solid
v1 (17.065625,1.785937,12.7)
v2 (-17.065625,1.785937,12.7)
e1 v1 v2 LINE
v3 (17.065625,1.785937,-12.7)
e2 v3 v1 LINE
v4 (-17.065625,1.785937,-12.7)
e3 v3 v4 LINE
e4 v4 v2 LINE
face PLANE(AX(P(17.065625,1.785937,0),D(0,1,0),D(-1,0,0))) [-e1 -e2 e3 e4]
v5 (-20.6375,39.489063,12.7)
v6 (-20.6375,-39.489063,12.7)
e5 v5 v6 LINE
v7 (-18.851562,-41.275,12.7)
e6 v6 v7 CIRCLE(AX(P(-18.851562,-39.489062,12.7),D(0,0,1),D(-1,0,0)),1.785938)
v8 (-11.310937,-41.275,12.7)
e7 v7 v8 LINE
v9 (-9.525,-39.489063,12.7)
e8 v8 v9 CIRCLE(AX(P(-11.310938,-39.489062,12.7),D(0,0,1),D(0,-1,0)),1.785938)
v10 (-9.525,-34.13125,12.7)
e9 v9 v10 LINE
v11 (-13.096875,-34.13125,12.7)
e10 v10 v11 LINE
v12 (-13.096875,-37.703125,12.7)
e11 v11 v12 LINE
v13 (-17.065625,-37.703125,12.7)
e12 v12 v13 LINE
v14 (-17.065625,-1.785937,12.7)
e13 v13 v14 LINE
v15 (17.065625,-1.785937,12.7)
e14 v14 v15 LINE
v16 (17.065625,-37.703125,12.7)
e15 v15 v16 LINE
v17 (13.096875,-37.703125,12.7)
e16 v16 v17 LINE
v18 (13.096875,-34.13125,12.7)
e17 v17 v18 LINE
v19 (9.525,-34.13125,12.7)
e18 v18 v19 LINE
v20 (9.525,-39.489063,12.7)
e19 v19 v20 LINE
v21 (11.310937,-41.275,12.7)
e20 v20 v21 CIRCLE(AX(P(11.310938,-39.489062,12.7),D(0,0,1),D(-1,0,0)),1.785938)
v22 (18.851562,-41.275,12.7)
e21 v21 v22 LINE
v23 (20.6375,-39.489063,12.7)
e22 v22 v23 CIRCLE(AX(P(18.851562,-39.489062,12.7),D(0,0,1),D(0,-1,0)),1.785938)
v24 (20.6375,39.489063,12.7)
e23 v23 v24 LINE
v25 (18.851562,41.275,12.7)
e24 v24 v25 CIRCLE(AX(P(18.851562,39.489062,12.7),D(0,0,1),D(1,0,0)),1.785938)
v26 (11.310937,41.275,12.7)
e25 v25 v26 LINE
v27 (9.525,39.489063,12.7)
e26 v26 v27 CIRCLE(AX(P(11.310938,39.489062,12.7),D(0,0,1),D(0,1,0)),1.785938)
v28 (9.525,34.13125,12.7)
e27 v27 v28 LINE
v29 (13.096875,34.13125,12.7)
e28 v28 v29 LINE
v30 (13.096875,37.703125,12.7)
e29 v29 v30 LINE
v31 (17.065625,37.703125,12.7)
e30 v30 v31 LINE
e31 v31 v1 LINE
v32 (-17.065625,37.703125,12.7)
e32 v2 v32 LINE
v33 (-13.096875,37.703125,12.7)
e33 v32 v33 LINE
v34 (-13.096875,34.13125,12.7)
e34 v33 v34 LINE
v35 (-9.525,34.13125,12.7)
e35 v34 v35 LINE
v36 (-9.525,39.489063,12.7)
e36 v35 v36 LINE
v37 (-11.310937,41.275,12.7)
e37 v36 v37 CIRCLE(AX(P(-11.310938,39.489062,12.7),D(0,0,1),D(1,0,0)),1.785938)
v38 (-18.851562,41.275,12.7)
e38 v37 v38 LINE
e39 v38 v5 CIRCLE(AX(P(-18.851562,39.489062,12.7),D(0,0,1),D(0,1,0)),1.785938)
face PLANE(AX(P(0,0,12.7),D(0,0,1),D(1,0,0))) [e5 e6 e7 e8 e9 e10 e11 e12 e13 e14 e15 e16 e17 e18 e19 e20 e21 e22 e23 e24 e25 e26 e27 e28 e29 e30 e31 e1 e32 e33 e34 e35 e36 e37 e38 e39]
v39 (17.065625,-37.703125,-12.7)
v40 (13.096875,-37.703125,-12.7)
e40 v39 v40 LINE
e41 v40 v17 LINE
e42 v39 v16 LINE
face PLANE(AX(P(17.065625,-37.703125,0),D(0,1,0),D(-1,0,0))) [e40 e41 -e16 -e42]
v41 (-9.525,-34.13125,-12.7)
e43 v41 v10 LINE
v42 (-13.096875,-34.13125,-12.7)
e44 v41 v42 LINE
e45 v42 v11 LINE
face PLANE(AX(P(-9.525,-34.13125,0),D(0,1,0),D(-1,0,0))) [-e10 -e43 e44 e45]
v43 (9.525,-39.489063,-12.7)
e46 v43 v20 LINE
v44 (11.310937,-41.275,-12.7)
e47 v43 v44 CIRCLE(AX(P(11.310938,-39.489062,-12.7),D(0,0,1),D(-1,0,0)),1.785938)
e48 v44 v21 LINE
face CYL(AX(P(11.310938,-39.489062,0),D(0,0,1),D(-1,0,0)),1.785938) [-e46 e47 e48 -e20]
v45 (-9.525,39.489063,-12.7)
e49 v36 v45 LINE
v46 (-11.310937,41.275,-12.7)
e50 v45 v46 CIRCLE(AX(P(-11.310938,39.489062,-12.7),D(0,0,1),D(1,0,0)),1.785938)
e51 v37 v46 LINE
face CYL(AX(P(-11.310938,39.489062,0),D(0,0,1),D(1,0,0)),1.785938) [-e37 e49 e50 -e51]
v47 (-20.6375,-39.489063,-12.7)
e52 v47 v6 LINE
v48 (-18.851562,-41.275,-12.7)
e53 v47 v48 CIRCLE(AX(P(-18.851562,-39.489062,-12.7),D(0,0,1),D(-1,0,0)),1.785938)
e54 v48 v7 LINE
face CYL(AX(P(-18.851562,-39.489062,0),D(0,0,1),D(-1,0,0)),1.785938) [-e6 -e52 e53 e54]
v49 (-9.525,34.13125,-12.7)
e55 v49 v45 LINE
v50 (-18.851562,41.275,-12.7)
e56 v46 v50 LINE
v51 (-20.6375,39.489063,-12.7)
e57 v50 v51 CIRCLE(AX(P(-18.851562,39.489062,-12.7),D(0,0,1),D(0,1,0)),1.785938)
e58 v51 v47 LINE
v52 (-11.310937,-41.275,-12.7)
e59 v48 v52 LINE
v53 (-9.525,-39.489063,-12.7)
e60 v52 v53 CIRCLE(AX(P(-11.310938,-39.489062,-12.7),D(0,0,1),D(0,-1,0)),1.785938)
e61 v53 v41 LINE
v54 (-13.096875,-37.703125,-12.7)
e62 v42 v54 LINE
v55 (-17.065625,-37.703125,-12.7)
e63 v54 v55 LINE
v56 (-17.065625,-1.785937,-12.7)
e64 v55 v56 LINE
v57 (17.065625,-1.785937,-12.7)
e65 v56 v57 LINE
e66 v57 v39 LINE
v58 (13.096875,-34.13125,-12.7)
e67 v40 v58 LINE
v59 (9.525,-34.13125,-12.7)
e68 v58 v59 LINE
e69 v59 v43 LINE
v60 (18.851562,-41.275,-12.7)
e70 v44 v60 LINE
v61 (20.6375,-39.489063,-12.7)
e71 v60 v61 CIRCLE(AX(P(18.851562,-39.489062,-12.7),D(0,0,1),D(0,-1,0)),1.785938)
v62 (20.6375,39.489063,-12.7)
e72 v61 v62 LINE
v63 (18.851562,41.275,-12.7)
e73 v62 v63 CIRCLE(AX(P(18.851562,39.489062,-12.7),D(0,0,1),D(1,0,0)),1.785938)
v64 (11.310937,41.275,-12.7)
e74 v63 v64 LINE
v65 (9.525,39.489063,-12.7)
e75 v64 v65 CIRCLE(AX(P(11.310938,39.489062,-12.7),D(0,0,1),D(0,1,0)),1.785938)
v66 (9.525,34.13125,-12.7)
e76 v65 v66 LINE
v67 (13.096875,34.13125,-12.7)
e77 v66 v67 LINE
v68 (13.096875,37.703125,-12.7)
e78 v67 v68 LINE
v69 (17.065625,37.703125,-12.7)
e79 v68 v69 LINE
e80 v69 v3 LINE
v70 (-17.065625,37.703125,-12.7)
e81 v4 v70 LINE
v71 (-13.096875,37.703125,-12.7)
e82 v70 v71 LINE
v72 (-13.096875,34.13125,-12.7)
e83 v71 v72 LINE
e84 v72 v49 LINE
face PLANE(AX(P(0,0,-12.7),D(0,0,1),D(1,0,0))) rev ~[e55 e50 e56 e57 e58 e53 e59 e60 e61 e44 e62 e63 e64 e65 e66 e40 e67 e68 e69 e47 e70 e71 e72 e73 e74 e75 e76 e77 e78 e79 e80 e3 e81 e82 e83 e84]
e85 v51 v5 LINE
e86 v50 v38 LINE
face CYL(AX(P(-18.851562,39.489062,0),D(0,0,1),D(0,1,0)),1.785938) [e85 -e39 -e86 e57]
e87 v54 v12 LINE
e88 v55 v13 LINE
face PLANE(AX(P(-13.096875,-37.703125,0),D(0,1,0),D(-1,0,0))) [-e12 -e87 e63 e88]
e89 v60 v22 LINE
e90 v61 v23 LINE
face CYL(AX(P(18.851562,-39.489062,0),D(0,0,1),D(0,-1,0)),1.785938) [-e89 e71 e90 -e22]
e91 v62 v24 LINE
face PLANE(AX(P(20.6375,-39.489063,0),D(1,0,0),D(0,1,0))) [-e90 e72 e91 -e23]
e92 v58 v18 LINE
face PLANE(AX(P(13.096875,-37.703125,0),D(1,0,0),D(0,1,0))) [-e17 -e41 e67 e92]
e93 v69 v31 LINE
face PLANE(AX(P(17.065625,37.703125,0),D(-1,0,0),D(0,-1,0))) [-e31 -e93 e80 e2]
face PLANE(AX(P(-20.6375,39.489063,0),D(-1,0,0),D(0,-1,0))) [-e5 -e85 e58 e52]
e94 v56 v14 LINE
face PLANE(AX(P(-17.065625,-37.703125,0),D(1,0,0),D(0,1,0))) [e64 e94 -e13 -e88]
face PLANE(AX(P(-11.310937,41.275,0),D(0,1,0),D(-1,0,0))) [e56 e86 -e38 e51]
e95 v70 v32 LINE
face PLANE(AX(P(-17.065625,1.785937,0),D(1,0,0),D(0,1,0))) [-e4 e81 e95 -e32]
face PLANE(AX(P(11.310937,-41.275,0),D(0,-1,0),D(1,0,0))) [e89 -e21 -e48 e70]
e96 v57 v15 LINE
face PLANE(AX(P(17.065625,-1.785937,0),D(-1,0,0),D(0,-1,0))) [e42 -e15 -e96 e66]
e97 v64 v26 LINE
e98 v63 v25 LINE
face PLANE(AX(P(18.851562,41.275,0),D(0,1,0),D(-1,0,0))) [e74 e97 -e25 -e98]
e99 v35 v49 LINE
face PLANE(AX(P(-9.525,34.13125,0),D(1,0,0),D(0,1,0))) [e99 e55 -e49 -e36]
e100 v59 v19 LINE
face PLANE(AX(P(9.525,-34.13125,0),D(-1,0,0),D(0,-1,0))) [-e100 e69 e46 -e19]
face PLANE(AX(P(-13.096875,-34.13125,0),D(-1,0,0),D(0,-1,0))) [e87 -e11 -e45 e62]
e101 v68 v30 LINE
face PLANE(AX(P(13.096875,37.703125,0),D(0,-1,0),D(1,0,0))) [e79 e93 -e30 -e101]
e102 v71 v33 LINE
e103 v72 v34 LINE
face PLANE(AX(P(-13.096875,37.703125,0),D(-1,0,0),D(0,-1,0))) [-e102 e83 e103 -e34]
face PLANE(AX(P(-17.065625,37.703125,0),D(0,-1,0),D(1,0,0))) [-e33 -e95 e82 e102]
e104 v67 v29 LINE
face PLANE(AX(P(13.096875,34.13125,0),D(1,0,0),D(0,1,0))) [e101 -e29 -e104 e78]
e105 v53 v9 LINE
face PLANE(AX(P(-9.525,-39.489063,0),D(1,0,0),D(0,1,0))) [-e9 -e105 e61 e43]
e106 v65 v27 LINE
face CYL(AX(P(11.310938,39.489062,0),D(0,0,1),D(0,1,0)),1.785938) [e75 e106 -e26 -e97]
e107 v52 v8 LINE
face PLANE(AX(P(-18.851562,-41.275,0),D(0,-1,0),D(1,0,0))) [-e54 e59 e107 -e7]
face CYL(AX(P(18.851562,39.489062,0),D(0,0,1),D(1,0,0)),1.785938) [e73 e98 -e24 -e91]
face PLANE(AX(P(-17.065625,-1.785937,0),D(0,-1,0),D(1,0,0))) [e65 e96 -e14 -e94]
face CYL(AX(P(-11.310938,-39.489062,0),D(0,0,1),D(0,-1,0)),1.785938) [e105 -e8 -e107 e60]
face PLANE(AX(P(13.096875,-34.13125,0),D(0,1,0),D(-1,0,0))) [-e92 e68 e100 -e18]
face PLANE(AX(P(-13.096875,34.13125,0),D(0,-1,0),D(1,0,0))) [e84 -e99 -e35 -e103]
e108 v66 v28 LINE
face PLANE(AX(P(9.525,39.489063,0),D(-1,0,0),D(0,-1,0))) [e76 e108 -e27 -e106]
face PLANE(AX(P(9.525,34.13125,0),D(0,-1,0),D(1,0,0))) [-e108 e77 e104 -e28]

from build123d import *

# Parameters (mm, degrees)
BASE_EXTRUDE_DEPTH = 12.7


with BuildPart() as part:
    # Sketch1 → Base-Extrude (new, symmetric)
    with BuildSketch(Plane.XY):
        with BuildLine():
            Line((-11.3109375, 41.275), (-18.8515625, 41.275))
            ThreePointArc((-18.8515625, 41.275), (-20.114411017, 40.751911017), (-20.6375, 39.4890625))
            Line((-20.6375, 39.4890625), (-20.6375, -39.4890625))
            ThreePointArc((-20.6375, -39.4890625), (-20.114411017, -40.751911017), (-18.8515625, -41.275))
            Line((-18.8515625, -41.275), (-11.3109375, -41.275))
            ThreePointArc((-11.3109375, -41.275), (-10.048088983, -40.751911017), (-9.525, -39.4890625))
            Line((-9.525, -39.4890625), (-9.525, -34.13125))
            Line((-9.525, -34.13125), (-13.096875, -34.13125))
            Line((-13.096875, -34.13125), (-13.096875, -37.703125))
            Line((-13.096875, -37.703125), (-17.065625, -37.703125))
            Line((-17.065625, -37.703125), (-17.065625, -1.7859375))
            Line((-17.065625, -1.7859375), (17.065625, -1.7859375))
            Line((17.065625, -1.7859375), (17.065625, -37.703125))
            Line((17.065625, -37.703125), (13.096875, -37.703125))
            Line((13.096875, -37.703125), (13.096875, -34.13125))
            Line((13.096875, -34.13125), (9.525, -34.13125))
            Line((9.525, -34.13125), (9.525, -39.4890625))
            ThreePointArc((9.525, -39.4890625), (10.048088983, -40.751911017), (11.3109375, -41.275))
            Line((11.3109375, -41.275), (18.8515625, -41.275))
            ThreePointArc((18.8515625, -41.275), (20.114411017, -40.751911017), (20.6375, -39.4890625))
            Line((20.6375, -39.4890625), (20.6375, 39.4890625))
            ThreePointArc((20.6375, 39.4890625), (20.114411017, 40.751911017), (18.8515625, 41.275))
            Line((18.8515625, 41.275), (11.3109375, 41.275))
            ThreePointArc((11.3109375, 41.275), (10.048088983, 40.751911017), (9.525, 39.4890625))
            Line((9.525, 39.4890625), (9.525, 34.13125))
            Line((9.525, 34.13125), (13.096875, 34.13125))
            Line((13.096875, 34.13125), (13.096875, 37.703125))
            Line((13.096875, 37.703125), (17.065625, 37.703125))
            Line((17.065625, 37.703125), (17.065625, 1.7859375))
            Line((17.065625, 1.7859375), (-17.065625, 1.7859375))
            Line((-17.065625, 1.7859375), (-17.065625, 37.703125))
            Line((-17.065625, 37.703125), (-13.096875, 37.703125))
            Line((-13.096875, 37.703125), (-13.096875, 34.13125))
            Line((-13.096875, 34.13125), (-9.525, 34.13125))
            Line((-9.525, 34.13125), (-9.525, 39.4890625))
            ThreePointArc((-9.525, 39.4890625), (-10.048088983, 40.751911017), (-11.3109375, 41.275))
        make_face()
    extrude(amount=BASE_EXTRUDE_DEPTH, both=True)


solid = part.part
